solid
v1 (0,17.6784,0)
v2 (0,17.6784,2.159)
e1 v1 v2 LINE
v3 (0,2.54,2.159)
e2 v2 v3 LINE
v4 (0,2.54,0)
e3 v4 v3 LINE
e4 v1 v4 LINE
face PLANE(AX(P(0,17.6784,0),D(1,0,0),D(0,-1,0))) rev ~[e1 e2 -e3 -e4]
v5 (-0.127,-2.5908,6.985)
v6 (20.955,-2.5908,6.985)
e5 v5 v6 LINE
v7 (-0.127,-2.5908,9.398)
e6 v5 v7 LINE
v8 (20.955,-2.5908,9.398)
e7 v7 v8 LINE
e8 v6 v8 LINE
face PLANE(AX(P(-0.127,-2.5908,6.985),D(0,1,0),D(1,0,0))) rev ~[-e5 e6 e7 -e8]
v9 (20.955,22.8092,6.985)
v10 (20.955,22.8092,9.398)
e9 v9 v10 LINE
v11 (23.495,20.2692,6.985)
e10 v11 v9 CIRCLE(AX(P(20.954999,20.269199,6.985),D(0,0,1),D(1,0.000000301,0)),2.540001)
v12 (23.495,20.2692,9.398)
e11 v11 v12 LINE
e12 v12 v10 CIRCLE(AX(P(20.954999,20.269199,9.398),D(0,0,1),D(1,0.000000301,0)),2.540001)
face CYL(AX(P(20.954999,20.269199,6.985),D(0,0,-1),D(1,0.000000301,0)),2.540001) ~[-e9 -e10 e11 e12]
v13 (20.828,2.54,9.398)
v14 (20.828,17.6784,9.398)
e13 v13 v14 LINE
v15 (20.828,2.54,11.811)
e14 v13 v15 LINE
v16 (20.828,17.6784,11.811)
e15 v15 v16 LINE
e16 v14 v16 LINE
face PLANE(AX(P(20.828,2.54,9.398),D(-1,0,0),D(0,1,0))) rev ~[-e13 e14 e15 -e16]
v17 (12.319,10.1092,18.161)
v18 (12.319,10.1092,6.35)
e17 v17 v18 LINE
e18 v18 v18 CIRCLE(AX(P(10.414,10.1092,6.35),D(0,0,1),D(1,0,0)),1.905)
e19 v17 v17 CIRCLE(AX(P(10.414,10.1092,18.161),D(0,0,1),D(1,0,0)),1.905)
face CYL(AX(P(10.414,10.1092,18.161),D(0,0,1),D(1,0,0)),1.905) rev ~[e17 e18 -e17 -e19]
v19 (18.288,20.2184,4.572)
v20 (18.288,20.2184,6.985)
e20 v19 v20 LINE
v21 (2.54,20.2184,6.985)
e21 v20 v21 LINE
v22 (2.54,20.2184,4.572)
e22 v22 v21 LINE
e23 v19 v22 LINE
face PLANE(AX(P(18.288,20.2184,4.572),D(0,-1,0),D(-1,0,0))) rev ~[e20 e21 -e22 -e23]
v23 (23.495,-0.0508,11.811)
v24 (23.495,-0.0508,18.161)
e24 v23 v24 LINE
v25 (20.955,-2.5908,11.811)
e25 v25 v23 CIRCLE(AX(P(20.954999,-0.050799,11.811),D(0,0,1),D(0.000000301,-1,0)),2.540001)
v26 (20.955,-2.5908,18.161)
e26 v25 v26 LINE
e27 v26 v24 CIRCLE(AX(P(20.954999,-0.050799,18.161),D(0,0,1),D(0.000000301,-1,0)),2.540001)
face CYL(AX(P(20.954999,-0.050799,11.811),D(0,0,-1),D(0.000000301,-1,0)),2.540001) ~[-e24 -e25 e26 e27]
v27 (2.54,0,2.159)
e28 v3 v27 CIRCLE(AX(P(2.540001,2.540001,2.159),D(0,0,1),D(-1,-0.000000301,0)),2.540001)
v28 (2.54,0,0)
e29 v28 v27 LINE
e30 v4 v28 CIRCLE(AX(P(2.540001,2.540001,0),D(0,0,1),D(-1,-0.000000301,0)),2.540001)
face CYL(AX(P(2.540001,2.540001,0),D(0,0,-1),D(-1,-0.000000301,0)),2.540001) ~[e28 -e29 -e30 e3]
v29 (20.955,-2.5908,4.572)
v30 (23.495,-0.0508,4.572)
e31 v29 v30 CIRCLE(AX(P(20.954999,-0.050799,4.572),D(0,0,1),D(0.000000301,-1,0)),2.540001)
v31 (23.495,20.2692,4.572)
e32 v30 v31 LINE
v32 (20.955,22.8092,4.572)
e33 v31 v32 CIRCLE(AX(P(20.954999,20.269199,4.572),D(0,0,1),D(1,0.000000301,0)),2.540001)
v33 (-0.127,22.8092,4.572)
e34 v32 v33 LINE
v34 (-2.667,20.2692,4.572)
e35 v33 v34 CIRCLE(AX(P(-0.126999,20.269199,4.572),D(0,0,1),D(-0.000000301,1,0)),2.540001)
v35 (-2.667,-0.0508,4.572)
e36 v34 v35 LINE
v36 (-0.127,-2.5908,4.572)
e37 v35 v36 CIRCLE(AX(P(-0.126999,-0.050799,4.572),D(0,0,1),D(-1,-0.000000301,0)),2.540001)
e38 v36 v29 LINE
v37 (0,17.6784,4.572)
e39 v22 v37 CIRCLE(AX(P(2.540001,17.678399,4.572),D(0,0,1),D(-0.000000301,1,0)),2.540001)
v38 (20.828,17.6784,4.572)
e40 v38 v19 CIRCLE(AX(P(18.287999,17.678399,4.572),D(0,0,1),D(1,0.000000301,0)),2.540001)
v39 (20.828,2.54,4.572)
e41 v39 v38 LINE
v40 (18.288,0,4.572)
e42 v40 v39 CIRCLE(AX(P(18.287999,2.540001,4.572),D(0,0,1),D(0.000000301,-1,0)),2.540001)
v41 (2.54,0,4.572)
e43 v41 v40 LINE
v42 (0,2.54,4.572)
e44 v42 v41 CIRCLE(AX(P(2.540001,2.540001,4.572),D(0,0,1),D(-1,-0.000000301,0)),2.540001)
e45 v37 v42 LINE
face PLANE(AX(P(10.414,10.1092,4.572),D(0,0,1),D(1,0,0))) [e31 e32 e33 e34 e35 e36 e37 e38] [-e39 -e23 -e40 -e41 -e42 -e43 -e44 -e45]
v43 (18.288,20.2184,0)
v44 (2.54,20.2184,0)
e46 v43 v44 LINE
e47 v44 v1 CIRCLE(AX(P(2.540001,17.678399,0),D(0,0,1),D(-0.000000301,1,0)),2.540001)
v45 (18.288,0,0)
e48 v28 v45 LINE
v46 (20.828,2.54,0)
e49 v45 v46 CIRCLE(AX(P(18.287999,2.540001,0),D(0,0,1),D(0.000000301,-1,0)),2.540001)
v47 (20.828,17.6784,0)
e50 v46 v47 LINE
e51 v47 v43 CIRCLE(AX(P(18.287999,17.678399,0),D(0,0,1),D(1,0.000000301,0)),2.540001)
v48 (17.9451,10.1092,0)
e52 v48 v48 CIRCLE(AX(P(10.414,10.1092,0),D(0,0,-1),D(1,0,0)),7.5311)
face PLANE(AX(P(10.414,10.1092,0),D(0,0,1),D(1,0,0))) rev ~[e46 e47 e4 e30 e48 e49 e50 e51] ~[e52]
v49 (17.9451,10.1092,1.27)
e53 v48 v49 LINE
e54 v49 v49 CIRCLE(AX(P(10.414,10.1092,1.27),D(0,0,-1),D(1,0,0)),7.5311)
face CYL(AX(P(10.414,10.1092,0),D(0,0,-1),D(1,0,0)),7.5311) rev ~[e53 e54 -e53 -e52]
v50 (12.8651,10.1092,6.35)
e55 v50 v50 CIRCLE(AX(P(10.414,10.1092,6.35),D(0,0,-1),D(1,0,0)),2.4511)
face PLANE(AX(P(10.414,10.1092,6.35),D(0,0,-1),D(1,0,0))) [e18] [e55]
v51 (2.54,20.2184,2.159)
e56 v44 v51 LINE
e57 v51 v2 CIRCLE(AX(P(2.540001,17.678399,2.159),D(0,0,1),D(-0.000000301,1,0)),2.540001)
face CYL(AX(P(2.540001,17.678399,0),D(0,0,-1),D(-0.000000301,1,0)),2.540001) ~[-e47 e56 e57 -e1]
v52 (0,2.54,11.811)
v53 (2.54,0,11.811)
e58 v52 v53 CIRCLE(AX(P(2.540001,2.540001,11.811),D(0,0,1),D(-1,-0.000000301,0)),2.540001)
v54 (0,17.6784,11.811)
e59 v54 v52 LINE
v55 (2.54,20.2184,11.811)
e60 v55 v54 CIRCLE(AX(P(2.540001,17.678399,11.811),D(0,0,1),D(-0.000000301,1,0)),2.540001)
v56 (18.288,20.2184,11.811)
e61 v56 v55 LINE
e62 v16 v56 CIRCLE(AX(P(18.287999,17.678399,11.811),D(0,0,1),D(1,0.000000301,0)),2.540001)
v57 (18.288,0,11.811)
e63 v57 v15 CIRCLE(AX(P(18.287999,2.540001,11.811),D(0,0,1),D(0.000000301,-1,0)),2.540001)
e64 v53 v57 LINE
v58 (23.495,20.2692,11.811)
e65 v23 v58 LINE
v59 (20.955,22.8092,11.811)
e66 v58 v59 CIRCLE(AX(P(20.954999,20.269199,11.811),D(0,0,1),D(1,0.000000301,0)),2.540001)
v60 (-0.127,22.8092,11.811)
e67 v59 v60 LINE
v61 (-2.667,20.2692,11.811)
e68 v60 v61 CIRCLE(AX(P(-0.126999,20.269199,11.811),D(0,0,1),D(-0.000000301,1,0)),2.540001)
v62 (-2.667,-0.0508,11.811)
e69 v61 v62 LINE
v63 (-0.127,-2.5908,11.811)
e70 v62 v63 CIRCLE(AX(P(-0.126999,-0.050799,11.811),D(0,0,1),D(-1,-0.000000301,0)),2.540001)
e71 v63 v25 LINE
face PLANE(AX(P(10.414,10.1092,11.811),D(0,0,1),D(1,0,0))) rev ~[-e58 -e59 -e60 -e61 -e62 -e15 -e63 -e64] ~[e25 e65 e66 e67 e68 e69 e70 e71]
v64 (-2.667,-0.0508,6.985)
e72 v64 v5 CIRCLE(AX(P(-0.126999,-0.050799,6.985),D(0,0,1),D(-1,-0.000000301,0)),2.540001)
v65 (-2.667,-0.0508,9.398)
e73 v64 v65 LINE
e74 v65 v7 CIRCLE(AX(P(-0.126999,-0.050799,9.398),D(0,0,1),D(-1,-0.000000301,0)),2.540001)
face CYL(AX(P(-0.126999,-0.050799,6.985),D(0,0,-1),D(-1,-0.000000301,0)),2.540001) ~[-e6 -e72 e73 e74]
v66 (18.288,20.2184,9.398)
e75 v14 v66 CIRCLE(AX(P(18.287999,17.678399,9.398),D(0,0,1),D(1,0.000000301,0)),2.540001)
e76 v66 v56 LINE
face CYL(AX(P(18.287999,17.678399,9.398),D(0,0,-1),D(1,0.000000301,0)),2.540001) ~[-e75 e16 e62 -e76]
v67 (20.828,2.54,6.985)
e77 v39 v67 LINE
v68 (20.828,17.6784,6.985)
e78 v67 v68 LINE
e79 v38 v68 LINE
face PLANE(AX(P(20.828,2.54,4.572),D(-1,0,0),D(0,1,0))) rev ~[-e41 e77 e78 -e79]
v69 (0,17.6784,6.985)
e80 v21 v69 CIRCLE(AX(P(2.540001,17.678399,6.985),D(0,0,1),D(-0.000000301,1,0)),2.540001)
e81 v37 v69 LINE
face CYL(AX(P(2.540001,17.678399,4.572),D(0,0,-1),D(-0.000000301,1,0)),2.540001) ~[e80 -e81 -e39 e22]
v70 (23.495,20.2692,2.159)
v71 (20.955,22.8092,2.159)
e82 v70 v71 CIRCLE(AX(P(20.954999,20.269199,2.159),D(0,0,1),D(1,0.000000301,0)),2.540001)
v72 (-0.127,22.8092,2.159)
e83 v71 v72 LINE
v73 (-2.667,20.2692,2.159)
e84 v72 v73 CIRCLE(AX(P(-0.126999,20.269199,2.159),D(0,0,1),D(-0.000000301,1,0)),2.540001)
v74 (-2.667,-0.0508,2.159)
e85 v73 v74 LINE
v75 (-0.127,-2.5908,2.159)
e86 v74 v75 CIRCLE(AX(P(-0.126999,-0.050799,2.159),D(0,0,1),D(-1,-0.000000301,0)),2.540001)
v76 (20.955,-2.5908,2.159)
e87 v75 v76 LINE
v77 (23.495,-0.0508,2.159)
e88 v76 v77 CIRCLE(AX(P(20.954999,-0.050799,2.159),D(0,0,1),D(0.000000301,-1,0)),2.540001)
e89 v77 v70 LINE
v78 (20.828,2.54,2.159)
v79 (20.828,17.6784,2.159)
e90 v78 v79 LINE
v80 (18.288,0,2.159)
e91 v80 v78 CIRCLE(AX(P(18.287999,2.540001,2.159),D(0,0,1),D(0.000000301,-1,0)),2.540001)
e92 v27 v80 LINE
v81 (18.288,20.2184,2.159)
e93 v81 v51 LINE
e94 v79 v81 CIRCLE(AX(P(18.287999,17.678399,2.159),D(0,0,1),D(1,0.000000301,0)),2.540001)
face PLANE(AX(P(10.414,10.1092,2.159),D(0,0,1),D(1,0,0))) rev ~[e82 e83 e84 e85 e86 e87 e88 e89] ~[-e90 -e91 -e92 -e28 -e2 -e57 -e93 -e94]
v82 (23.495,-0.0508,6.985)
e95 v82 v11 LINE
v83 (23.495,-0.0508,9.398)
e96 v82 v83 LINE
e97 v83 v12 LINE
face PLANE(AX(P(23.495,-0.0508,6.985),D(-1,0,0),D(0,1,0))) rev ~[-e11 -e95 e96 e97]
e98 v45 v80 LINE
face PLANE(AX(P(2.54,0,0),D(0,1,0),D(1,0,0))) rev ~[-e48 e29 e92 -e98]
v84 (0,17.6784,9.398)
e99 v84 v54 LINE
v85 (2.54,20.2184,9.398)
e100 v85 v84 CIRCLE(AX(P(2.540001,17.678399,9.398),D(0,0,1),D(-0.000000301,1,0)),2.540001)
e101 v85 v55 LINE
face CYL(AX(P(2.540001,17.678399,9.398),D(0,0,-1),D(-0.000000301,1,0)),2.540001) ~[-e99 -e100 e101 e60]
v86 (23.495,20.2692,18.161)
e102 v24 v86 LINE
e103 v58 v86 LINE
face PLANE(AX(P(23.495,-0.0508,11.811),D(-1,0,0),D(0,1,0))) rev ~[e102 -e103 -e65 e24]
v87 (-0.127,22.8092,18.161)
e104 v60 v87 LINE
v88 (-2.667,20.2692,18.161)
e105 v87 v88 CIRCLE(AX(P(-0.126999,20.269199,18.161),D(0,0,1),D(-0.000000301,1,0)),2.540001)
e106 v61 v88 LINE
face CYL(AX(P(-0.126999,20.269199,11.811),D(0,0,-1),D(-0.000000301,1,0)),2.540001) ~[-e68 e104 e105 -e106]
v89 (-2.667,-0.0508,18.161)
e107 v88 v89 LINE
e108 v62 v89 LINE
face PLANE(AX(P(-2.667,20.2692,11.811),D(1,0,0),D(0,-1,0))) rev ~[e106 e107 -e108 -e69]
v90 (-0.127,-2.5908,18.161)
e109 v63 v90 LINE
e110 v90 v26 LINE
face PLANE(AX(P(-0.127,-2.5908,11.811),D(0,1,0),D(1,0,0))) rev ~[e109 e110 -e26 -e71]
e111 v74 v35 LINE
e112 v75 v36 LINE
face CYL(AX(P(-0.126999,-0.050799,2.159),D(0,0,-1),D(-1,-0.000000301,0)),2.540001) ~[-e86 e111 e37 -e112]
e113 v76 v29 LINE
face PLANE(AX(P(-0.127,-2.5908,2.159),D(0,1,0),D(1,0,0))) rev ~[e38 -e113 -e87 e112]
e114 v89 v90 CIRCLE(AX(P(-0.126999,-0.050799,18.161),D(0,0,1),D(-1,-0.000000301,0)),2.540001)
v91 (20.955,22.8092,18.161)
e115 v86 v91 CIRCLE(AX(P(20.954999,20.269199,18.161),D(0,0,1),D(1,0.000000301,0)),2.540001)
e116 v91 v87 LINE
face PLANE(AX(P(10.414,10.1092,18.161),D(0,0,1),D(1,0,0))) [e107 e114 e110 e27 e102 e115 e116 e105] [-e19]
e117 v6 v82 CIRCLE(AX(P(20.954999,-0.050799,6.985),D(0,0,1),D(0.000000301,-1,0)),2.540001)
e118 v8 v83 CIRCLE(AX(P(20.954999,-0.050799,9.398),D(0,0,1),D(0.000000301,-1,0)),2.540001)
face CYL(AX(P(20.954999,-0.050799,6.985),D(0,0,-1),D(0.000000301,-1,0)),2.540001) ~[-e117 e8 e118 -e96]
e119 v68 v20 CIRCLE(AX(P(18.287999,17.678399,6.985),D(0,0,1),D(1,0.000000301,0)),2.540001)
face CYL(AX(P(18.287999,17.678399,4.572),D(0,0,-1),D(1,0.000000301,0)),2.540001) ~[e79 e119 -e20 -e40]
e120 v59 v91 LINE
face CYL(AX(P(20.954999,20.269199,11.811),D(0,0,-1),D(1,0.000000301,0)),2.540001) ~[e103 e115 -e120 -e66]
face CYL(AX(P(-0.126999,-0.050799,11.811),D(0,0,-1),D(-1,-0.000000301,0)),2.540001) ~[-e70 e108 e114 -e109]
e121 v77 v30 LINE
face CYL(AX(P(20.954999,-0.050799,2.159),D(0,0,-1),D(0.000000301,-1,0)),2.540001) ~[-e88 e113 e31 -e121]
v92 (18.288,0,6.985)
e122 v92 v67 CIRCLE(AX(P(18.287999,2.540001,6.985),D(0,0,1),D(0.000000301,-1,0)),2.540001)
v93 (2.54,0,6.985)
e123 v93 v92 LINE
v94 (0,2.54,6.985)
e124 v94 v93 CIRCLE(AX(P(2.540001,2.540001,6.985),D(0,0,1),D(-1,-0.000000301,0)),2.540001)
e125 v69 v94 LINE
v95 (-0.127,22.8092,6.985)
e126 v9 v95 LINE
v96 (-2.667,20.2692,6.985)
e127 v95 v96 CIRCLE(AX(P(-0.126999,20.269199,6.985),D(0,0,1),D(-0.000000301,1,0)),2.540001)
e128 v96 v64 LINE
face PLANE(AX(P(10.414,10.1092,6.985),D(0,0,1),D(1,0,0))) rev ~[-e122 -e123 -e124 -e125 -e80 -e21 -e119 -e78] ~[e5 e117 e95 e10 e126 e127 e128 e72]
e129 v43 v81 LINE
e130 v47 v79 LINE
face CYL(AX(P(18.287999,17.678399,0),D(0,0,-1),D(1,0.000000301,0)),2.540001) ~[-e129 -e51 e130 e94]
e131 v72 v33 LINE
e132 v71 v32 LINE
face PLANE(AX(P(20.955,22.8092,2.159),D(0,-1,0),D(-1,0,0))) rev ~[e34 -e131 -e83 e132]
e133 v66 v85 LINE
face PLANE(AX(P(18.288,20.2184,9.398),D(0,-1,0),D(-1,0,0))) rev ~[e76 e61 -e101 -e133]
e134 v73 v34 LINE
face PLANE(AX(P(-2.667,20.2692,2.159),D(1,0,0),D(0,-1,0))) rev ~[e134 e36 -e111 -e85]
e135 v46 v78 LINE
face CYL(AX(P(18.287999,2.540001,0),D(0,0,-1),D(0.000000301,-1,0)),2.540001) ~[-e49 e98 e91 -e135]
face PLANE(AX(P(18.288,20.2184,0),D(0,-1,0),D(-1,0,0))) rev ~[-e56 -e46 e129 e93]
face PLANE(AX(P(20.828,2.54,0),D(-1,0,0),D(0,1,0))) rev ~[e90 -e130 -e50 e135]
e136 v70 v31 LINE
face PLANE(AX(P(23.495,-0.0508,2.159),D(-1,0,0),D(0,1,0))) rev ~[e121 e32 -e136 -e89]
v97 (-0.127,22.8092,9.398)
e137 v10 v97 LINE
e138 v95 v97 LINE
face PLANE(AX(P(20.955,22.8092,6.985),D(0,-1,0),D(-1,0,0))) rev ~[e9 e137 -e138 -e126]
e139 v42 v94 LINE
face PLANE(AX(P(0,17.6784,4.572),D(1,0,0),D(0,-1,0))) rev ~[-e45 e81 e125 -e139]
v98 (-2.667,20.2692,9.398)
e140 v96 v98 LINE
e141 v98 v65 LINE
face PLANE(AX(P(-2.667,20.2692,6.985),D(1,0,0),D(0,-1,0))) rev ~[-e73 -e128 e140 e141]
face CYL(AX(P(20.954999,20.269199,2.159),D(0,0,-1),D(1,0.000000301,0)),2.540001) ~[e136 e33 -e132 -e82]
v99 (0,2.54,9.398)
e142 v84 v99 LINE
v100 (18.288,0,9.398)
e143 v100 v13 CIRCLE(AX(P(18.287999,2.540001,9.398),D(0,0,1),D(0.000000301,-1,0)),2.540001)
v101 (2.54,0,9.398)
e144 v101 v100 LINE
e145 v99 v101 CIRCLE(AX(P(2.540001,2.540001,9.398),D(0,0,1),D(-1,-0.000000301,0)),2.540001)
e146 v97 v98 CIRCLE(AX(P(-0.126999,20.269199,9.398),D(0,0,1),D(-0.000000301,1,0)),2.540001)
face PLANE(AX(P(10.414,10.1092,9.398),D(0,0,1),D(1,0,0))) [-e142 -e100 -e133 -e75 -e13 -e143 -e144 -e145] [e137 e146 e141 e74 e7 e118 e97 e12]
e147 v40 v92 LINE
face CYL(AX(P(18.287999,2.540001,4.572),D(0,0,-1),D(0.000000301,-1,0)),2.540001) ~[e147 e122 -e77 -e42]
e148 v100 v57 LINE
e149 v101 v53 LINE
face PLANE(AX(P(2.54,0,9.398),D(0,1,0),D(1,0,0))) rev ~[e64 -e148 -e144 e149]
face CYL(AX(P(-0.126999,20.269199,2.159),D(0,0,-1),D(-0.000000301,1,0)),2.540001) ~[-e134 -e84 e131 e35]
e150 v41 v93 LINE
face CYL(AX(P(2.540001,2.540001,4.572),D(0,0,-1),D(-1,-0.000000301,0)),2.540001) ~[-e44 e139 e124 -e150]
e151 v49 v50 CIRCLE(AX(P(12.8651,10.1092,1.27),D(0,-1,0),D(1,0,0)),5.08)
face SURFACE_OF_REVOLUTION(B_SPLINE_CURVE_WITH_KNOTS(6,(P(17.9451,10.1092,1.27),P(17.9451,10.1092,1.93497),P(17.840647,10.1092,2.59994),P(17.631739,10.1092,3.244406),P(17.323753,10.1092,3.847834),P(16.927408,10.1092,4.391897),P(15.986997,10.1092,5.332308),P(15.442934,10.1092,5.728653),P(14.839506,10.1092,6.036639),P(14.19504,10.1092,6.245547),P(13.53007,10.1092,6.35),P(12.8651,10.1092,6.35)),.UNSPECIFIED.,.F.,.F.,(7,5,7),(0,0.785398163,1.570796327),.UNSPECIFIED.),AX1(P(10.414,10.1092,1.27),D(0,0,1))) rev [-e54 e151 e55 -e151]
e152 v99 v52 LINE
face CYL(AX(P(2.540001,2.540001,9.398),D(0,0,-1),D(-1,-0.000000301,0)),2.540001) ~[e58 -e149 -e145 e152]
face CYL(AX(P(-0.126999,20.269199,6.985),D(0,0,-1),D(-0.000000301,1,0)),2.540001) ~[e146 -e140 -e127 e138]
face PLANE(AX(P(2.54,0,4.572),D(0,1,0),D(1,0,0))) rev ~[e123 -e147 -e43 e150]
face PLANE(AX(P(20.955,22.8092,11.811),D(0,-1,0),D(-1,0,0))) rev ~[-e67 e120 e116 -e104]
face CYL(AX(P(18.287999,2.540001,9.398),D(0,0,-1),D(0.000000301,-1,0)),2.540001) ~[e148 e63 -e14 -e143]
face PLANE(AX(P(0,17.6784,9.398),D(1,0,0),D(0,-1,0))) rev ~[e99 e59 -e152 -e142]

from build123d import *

# Parameters (mm, degrees)
F1_DEPTH  = 2.159
F3_DEPTH  = 2.413
F5_DEPTH  = 2.413
F7_DEPTH  = 2.413
F9_DEPTH  = 2.413
F11_DEPTH = 6.35
F14_R     = 7.5311
F15_DEPTH = 6.35
F16_R     = 5.08
F17_R     = 1.905
F18_DEPTH = 18.162


with BuildPart() as f1:
    # F0 (on Top) → F1 (new body)
    with BuildSketch(Plane.XY):
        with BuildLine():
            Line((18.288, 20.2184), (2.54, 20.2184))
            ThreePointArc((2.54, 20.2184), (0.743949, 19.474451), (0, 17.6784))
            Line((0, 17.6784), (0, 2.54))
            ThreePointArc((0, 2.54), (0.743949, 0.743949), (2.54, 0))
            Line((2.54, 0), (18.288, 0))
            ThreePointArc((18.288, 0), (20.084051, 0.743949), (20.828, 2.54))
            Line((20.828, 2.54), (20.828, 17.6784))
            ThreePointArc((20.828, 17.6784), (20.084051, 19.474451), (18.288, 20.2184))
        make_face()
    extrude(amount=F1_DEPTH)

    # F2 (on face) → F3 (join)
    with BuildSketch(Plane.XY.offset(2.159)):
        with BuildLine():
            Line((20.955, 22.8092), (-0.127, 22.8092))
            ThreePointArc((-0.127, 22.8092), (-1.923051, 22.065251), (-2.667, 20.2692))
            Line((-2.667, 20.2692), (-2.667, -0.0508))
            ThreePointArc((-2.667, -0.0508), (-1.923051, -1.846851), (-0.127, -2.5908))
            Line((-0.127, -2.5908), (20.955, -2.5908))
            ThreePointArc((20.955, -2.5908), (22.751051, -1.846851), (23.495, -0.0508))
            Line((23.495, -0.0508), (23.495, 20.2692))
            ThreePointArc((23.495, 20.2692), (22.751051, 22.065251), (20.955, 22.8092))
        make_face()
    extrude(amount=F3_DEPTH)



with BuildPart() as f5:
    # F4 (on face) → F5 (new body)
    with BuildSketch(Plane.XY.offset(9.398)):
        with BuildLine():
            ThreePointArc((0, 2.54), (0.743949, 0.743949), (2.54, 0))
            Line((2.54, 0), (18.288, 0))
            ThreePointArc((18.288, 0), (20.084051, 0.743949), (20.828, 2.54))
            Line((20.828, 2.54), (20.828, 17.6784))
            ThreePointArc((20.828, 17.6784), (20.084051, 19.474451), (18.288, 20.2184))
            Line((18.288, 20.2184), (2.54, 20.2184))
            ThreePointArc((2.54, 20.2184), (0.743949, 19.474451), (0, 17.6784))
            Line((0, 17.6784), (0, 2.54))
        make_face()
    extrude(amount=F5_DEPTH)

    # F6 (on face) → F7 (join)
    with BuildSketch(Plane.XY.offset(6.985)):
        with BuildLine():
            Line((-2.667, 20.2692), (-2.667, -0.0508))
            ThreePointArc((-2.667, -0.0508), (-1.923051, -1.846851), (-0.127, -2.5908))
            Line((-0.127, -2.5908), (20.955, -2.5908))
            ThreePointArc((20.955, -2.5908), (22.751051, -1.846851), (23.495, -0.0508))
            Line((23.495, -0.0508), (23.495, 20.2692))
            ThreePointArc((23.495, 20.2692), (22.751051, 22.065251), (20.955, 22.8092))
            Line((20.955, 22.8092), (-0.127, 22.8092))
            ThreePointArc((-0.127, 22.8092), (-1.923051, 22.065251), (-2.667, 20.2692))
        make_face()
    extrude(amount=F7_DEPTH)


with BuildPart() as f1_1:
    add(f1.part)

    add(f5.part)  # F9 merges F5
    # F8 (on face) → F9 (join)
    with BuildSketch(Plane.XY.offset(4.572)):
        with BuildLine():
            ThreePointArc((0, 2.54), (0.743949, 0.743949), (2.54, 0))
            Line((2.54, 0), (18.288, 0))
            ThreePointArc((18.288, 0), (20.084051, 0.743949), (20.828, 2.54))
            Line((20.828, 2.54), (20.828, 17.6784))
            ThreePointArc((20.828, 17.6784), (20.084051, 19.474451), (18.288, 20.2184))
            Line((18.288, 20.2184), (2.54, 20.2184))
            ThreePointArc((2.54, 20.2184), (0.743949, 19.474451), (0, 17.6784))
            Line((0, 17.6784), (0, 2.54))
        make_face()
    extrude(amount=F9_DEPTH)

    # F10 (on face) → F11 (join)
    with BuildSketch(Plane.XY.offset(11.811)):
        with BuildLine():
            Line((20.955, 22.8092), (-0.127, 22.8092))
            ThreePointArc((-0.127, 22.8092), (-1.923051, 22.065251), (-2.667, 20.2692))
            Line((-2.667, 20.2692), (-2.667, -0.0508))
            ThreePointArc((-2.667, -0.0508), (-1.923051, -1.846851), (-0.127, -2.5908))
            Line((-0.127, -2.5908), (20.955, -2.5908))
            ThreePointArc((20.955, -2.5908), (22.751051, -1.846851), (23.495, -0.0508))
            Line((23.495, -0.0508), (23.495, 20.2692))
            ThreePointArc((23.495, 20.2692), (22.751051, 22.065251), (20.955, 22.8092))
        make_face()
    extrude(amount=F11_DEPTH)

    # F14 (on face) → F15 (cut)
    with BuildSketch(Plane(origin=(0, 0, 0), x_dir=(1, 0, 0), z_dir=(0, 0, -1))):
        with Locations((10.414, -10.1092)):
            Circle(F14_R)
    extrude(amount=-F15_DEPTH, mode=Mode.SUBTRACT)

    # F16
    f16_edges = [f1_1.edges().sort_by_distance(p)[0] for p in [
        (2.8829, 10.1092, 6.35),
    ]]
    fillet(f16_edges, radius=F16_R)

    # F17 (on face) → F18 (cut, through all)
    with BuildSketch(Plane.XY.offset(18.161)):
        with Locations((10.414, 10.1092)):
            Circle(F17_R)
    extrude(amount=-F18_DEPTH, mode=Mode.SUBTRACT)


solid = f1_1.part
